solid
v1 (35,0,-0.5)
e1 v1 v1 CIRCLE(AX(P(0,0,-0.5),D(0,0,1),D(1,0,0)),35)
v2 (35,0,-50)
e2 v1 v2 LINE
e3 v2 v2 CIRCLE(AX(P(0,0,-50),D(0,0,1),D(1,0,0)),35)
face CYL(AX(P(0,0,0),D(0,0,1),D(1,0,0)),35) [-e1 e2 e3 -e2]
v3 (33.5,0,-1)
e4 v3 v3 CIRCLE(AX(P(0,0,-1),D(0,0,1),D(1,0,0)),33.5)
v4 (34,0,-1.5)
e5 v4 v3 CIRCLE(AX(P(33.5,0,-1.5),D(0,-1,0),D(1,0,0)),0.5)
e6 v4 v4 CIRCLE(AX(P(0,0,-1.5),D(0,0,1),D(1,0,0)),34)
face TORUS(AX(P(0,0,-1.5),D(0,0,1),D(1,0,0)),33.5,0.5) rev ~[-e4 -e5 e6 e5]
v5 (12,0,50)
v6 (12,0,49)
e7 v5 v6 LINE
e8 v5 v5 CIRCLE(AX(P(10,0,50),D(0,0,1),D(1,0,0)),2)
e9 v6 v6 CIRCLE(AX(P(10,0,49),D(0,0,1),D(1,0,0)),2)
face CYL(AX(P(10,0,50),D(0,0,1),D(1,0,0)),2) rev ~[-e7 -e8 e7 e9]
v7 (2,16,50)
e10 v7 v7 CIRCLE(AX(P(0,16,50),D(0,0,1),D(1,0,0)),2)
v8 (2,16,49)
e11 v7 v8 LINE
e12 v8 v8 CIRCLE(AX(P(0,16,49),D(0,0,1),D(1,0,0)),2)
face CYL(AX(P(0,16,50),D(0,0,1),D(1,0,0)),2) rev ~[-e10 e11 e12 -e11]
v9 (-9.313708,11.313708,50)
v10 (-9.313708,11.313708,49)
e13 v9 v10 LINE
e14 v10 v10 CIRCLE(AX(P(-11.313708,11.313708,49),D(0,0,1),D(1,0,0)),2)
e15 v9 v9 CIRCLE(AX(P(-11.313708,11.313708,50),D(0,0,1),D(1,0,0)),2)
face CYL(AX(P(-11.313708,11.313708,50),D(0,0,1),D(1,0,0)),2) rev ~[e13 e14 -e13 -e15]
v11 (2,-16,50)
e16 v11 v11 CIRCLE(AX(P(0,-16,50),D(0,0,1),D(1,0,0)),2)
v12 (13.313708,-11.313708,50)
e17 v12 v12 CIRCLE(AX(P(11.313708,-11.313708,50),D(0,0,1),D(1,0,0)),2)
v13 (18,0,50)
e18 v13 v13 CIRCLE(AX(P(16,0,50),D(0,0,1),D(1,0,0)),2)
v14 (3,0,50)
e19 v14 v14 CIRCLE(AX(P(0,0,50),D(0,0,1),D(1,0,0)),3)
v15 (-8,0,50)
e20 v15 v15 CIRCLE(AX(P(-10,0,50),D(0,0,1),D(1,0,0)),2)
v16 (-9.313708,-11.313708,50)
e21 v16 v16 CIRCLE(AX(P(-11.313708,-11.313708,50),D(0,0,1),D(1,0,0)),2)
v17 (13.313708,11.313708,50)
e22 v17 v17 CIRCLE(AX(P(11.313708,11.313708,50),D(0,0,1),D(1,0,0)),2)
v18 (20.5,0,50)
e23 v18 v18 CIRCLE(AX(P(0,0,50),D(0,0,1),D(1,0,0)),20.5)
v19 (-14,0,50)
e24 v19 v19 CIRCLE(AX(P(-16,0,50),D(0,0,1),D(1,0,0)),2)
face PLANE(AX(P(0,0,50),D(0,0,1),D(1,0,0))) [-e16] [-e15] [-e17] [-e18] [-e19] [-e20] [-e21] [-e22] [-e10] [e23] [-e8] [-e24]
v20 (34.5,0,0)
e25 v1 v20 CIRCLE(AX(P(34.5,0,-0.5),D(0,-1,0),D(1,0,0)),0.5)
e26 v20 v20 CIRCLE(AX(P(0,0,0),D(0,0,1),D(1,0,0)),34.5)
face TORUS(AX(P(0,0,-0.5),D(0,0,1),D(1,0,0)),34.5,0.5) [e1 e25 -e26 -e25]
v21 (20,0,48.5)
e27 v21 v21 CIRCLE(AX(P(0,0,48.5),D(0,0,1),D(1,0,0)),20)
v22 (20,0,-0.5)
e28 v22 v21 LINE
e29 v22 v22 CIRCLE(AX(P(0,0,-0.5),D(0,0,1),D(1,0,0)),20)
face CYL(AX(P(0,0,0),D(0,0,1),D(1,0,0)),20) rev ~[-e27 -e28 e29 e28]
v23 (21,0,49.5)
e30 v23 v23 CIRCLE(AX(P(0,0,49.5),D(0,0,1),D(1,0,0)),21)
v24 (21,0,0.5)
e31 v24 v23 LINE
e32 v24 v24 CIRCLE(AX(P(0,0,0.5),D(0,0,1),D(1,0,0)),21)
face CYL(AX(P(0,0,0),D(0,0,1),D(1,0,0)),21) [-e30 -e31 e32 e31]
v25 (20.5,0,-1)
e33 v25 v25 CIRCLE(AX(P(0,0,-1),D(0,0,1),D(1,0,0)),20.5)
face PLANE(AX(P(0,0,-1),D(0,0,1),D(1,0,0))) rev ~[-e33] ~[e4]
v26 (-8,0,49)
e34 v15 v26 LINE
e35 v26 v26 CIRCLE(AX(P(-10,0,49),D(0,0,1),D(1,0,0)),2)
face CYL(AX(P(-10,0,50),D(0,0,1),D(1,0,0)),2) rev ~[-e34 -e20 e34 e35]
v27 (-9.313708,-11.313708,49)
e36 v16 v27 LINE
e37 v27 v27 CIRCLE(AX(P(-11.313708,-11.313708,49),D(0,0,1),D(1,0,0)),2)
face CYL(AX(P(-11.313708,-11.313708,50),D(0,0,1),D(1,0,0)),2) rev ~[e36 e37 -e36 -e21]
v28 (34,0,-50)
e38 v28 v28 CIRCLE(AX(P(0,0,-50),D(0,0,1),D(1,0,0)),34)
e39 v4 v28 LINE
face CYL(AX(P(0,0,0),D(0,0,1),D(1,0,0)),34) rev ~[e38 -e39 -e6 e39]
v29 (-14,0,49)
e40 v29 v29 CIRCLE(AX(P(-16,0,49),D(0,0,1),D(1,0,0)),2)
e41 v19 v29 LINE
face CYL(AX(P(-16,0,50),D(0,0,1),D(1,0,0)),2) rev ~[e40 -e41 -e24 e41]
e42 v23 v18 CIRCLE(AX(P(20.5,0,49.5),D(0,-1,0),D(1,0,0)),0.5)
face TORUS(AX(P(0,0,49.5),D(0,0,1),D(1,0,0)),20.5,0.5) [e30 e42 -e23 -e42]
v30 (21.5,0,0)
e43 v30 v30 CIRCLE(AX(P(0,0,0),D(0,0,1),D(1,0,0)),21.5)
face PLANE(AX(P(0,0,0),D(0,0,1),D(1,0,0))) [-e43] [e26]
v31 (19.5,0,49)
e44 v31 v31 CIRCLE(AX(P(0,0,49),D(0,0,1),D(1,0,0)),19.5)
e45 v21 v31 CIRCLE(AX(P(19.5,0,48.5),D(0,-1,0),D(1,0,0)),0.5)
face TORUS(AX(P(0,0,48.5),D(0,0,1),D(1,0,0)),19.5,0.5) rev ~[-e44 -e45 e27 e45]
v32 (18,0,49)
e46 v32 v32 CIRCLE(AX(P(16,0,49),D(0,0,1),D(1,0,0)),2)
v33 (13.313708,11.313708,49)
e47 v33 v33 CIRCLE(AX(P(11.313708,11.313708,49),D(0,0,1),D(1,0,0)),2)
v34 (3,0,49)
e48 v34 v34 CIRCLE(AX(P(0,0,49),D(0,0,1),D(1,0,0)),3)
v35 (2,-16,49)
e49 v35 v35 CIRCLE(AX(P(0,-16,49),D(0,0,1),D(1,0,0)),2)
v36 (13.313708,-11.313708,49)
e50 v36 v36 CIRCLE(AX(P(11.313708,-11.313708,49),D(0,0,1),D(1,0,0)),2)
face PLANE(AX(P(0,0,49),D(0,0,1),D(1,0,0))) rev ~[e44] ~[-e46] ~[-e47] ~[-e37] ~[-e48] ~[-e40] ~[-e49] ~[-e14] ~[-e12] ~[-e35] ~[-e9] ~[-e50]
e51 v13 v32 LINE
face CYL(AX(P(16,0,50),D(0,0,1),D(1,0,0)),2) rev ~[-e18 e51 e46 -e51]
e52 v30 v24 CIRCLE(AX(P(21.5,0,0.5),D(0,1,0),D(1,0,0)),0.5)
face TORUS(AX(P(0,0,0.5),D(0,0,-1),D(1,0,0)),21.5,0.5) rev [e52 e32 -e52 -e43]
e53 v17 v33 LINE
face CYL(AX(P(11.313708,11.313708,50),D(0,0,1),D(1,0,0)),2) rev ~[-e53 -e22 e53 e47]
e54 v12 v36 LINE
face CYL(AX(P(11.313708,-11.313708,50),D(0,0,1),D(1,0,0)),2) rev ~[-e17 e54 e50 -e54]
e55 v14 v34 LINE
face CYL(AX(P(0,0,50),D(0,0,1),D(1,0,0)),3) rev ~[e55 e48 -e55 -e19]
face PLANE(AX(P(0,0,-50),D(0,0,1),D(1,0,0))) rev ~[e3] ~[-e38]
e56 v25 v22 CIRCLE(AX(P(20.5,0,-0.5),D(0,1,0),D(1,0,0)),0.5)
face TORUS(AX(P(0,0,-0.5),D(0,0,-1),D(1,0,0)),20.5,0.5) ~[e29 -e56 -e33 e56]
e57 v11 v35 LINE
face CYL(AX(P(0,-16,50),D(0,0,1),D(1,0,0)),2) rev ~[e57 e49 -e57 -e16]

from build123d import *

# Parameters (mm, degrees)
F0_R     = 21
F1_DEPTH = 50
F0_R_2   = 35
F2_DEPTH = 50
F4_T     = -1
F5_R     = 0.5
F6_R     = 2
F6_R_2   = 3
F7_DEPTH = 25


with BuildPart() as f1:
    # F0 (on Top) → F1 (new body, symmetric)
    with BuildSketch(Plane.XY):
        Circle(F0_R)
    extrude(amount=F1_DEPTH, both=True)


with BuildPart() as f2:
    # F0 (on Top) → F2 (new body)
    with BuildSketch(Plane.XY):
        Circle(F0_R_2)
        Circle(F0_R, mode=Mode.SUBTRACT)
    extrude(amount=-F2_DEPTH)


with BuildPart() as f1_1:
    add(f1.part)

    # F3: union F2
    add(f2.part)

    # F4
    f4_openings = [f1_1.faces().sort_by_distance(p)[0] for p in [
        (0, 0, -50),
    ]]
    offset(amount=F4_T, openings=f4_openings, kind=Kind.INTERSECTION)

    # F5
    f5_edges = [f1_1.edges().sort_by_distance(p)[0] for p in [
        (-35, 0, 0),
        (-21, 0, 0),
        (-21, 0, 50),
        (-34, 0, -1),
        (-20, 0, -1),
        (-20, 0, 49),
    ]]
    fillet(f5_edges, radius=F5_R)

    # F6 (on face) → F7 (cut)
    with BuildSketch(Plane.XY.offset(50)):
        with Locations((-11.313708499, 11.313708499)):
            Circle(F6_R)
        with Locations((0, 16)):
            Circle(F6_R)
        with Locations((11.313708499, 11.313708499)):
            Circle(F6_R)
        with Locations((10, 0)):
            Circle(F6_R)
        with Locations((-10, 0)):
            Circle(F6_R)
        with Locations((-16, 0)):
            Circle(F6_R)
        with Locations((16, 0)):
            Circle(F6_R)
        with Locations((11.313708499, -11.313708499)):
            Circle(F6_R)
        with Locations((0, -16)):
            Circle(F6_R)
        with Locations((-11.313708499, -11.313708499)):
            Circle(F6_R)
        Circle(F6_R_2)
    extrude(amount=-F7_DEPTH, mode=Mode.SUBTRACT)


solid = f1_1.part
